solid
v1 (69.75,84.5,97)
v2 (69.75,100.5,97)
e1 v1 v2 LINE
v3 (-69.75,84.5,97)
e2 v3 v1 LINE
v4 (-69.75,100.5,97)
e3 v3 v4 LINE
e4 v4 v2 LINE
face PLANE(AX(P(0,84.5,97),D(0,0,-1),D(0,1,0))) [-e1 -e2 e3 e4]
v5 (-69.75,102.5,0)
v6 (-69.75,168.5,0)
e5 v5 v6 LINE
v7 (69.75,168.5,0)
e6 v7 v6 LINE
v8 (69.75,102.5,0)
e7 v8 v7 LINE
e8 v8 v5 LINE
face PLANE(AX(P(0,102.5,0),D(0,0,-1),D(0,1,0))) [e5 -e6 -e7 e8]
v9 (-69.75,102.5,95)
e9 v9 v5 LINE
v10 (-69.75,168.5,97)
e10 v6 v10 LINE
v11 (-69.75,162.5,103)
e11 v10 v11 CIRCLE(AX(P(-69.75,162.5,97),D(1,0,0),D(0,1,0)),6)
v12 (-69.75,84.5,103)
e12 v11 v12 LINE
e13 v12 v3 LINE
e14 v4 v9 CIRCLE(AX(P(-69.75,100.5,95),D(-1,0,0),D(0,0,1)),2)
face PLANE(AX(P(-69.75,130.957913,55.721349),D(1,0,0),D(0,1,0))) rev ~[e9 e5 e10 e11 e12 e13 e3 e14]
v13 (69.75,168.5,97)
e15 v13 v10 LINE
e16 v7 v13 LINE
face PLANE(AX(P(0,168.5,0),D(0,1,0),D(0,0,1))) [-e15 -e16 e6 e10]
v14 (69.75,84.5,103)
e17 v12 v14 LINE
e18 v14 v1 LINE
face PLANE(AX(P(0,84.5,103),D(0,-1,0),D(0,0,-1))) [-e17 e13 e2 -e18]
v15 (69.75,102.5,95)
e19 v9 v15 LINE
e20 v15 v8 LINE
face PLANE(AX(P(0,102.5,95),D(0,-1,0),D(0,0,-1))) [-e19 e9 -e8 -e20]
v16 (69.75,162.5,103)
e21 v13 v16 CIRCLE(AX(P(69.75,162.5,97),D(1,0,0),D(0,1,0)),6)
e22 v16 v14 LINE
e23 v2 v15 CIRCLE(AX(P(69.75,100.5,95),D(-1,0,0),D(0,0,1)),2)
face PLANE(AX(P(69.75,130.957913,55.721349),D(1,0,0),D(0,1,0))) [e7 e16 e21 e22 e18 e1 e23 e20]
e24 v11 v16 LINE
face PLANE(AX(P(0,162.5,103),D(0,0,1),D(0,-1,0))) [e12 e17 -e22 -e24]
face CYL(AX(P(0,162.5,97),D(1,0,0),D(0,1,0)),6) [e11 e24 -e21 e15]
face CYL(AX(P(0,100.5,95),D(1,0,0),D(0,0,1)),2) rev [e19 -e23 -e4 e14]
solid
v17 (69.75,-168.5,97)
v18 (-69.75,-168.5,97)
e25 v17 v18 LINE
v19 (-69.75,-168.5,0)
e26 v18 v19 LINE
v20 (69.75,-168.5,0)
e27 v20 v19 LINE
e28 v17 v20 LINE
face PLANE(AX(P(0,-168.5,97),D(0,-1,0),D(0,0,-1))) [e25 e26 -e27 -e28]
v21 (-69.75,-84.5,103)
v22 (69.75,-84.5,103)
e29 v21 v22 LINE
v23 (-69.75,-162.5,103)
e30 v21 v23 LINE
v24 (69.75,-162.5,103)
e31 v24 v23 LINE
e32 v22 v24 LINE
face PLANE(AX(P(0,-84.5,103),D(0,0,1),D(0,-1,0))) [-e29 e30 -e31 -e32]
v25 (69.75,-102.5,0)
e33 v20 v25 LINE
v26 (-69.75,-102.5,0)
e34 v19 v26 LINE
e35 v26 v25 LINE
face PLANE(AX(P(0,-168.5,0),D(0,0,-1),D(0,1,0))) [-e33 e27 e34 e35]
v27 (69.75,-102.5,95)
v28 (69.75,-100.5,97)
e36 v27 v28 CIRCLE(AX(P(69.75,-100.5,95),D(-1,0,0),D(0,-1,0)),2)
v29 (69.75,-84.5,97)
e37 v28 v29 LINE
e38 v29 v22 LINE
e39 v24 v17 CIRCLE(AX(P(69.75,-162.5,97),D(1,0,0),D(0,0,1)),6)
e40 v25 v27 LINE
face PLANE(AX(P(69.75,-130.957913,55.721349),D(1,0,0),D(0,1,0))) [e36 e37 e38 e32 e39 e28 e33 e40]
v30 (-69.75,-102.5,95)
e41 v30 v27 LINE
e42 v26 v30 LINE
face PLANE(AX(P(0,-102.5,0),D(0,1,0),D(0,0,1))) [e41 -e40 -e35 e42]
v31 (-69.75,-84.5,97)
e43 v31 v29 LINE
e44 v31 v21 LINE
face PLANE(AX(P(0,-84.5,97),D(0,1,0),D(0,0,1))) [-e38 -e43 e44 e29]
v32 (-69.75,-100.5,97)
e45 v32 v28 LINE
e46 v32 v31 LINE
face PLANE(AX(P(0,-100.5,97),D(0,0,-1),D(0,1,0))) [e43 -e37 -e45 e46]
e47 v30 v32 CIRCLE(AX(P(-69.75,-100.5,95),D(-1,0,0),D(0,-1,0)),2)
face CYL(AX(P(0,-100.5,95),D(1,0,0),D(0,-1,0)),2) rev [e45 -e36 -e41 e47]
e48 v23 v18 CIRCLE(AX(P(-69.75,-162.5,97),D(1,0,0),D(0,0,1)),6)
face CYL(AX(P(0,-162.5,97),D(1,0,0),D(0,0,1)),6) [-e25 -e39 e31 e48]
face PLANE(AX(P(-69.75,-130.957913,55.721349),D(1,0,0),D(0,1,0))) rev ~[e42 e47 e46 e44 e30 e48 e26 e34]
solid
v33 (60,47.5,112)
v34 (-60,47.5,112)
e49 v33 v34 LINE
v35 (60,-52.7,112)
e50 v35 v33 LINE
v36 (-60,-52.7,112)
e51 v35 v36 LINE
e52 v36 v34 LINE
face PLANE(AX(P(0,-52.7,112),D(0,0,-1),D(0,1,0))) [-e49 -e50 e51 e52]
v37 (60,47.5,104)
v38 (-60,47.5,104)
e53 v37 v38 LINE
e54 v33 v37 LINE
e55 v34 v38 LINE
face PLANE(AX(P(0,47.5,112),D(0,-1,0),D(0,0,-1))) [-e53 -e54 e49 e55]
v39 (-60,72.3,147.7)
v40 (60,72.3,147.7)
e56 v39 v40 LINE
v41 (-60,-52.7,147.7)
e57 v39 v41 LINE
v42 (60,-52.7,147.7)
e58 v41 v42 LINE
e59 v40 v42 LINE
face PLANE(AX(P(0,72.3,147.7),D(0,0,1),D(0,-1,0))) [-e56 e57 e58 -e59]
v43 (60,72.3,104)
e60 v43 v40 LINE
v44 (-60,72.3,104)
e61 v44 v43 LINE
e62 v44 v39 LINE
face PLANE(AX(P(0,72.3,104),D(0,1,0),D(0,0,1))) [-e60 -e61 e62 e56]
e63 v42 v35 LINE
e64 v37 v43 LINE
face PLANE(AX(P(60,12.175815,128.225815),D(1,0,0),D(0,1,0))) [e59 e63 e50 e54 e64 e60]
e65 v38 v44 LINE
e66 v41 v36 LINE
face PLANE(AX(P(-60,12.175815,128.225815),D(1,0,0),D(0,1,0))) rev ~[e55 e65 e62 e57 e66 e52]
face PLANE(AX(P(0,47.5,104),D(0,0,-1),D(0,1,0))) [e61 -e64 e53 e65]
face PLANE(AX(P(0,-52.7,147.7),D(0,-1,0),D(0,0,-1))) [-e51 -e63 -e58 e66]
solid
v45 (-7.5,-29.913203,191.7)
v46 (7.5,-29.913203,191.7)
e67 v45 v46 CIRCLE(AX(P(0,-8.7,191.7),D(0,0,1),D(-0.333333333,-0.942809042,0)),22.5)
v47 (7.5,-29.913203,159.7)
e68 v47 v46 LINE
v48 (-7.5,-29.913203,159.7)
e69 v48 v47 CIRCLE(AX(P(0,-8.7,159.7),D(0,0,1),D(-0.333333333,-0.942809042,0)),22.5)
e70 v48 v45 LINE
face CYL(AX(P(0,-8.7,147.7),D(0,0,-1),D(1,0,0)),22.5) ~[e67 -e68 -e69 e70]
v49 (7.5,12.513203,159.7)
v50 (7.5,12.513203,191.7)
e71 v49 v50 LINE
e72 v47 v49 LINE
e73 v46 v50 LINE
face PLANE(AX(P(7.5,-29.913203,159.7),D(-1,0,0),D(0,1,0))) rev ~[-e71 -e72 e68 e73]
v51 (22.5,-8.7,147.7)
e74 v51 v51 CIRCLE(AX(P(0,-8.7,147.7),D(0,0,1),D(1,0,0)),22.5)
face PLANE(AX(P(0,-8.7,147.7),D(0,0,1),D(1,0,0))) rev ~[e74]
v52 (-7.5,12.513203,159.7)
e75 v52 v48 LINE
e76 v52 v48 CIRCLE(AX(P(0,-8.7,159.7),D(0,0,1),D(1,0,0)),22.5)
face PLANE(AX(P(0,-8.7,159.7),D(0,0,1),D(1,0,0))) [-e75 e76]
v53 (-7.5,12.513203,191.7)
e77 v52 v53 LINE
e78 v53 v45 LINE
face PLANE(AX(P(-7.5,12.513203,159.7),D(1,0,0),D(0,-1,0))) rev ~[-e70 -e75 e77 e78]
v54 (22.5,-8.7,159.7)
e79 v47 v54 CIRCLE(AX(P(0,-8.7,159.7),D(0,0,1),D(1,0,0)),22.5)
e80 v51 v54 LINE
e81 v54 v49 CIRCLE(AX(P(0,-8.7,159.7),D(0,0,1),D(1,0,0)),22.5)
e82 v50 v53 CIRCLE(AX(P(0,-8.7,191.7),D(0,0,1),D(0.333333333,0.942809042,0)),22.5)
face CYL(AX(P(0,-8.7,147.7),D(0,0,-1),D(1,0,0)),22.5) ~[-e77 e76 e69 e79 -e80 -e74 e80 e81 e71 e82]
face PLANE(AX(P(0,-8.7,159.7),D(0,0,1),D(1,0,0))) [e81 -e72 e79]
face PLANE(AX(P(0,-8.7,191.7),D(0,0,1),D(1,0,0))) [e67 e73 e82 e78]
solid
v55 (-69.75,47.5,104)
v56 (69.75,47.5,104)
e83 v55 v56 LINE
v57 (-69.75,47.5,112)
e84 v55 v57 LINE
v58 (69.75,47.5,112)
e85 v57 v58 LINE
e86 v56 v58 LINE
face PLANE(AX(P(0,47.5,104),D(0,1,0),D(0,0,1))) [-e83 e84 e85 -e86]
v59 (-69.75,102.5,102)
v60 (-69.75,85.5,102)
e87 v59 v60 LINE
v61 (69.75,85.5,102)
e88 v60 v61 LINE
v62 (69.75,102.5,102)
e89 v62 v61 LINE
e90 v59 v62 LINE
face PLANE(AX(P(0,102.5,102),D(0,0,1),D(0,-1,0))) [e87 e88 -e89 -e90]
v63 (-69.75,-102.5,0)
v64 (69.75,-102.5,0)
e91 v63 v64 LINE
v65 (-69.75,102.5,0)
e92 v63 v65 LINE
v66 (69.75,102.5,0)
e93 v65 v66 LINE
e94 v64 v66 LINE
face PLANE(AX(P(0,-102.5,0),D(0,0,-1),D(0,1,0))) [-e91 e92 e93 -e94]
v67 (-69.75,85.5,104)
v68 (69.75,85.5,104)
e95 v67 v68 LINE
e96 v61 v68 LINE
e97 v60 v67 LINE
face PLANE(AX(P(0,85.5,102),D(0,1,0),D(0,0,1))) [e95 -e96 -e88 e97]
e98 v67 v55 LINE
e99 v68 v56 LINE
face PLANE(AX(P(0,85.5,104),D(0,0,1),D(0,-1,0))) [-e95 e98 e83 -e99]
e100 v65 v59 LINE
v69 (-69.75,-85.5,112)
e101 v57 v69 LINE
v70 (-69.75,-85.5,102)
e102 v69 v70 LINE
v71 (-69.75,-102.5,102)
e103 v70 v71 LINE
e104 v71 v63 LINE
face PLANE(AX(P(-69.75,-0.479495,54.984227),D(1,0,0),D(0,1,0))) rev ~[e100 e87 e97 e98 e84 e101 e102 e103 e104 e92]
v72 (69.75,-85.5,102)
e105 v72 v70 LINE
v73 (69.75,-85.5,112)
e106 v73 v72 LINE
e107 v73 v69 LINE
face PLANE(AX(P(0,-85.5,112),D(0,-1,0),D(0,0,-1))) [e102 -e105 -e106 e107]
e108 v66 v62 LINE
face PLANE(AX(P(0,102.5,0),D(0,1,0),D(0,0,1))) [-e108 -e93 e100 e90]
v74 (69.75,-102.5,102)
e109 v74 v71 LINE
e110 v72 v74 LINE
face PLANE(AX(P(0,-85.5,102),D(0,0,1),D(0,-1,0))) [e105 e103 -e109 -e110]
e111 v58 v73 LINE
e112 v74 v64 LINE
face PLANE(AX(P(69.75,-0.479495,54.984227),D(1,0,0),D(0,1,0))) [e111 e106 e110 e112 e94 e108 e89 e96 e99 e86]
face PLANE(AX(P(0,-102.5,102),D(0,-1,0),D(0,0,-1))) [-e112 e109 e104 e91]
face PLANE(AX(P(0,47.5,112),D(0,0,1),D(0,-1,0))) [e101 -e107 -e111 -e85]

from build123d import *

# Parameters (mm, degrees)
F1_DEPTH  = 69.75
F3_DEPTH  = 60
F4_R      = 22.5
F5_DEPTH  = 12
F7_DEPTH  = 32
F10_DEPTH = 69.75


with BuildPart() as f1:
    # F0 (on Right) → F1 (new body, symmetric)
    with BuildSketch(Plane.YZ):
        Polygon((-102.5, 102), (-102.5, 0), (102.5, 0), (102.5, 102), (85.5, 102), (85.5, 104), (47.5, 104), (47.5, 112), (-85.5, 112), (-85.5, 102), align=None)
    extrude(amount=F1_DEPTH, both=True)


with BuildPart() as f3:
    # F2 (on Right) → F3 (new body, symmetric)
    with BuildSketch(Plane.YZ):
        Polygon((47.5, 104), (72.3, 104), (72.3, 147.7), (-52.7, 147.7), (-52.7, 112), (47.5, 112), align=None)
    extrude(amount=F3_DEPTH, both=True)


with BuildPart() as f5:
    # F4 (on face) → F5 (new body)
    with BuildSketch(Plane.XY.offset(147.7)):
        with Locations((0, -8.7)):
            Circle(F4_R)
    extrude(amount=F5_DEPTH)

    # F6 (on face) → F7 (join)
    with BuildSketch(Plane.XY.offset(159.7)):
        with BuildLine():
            Line((7.5, -29.9132034356), (7.5, 12.5132034356))
            ThreePointArc((7.5, 12.5132034356), (0, 13.8), (-7.5, 12.5132034356))
            Line((-7.5, 12.5132034356), (-7.5, -29.9132034356))
            ThreePointArc((-7.5, -29.9132034356), (0, -31.2), (7.5, -29.9132034356))
        make_face()
    extrude(amount=F7_DEPTH)


with BuildPart() as f10:
    # F9 (on Right) → F10 (new body, symmetric)
    with BuildSketch(Plane.YZ):
        with BuildLine():
            Line((-168.5, 0), (-102.5, 0))
            Line((-102.5, 0), (-102.5, 95))
            ThreePointArc((-102.5, 95), (-101.9142135624, 96.4142135624), (-100.5, 97))
            Line((-100.5, 97), (-84.5, 97))
            Line((-84.5, 97), (-84.5, 103))
            Line((-84.5, 103), (-162.5, 103))
            ThreePointArc((-162.5, 103), (-166.7426406871, 101.2426406871), (-168.5, 97))
            Line((-168.5, 97), (-168.5, 0))
        make_face()
    extrude(amount=F10_DEPTH, both=True)


with BuildPart() as f10b:
    # F9 (on Right) → F10, piece 2 (new body, symmetric)
    with BuildSketch(Plane.YZ):
        with BuildLine():
            ThreePointArc((168.5, 97), (166.7426406871, 101.2426406871), (162.5, 103))
            Line((162.5, 103), (84.5, 103))
            Line((84.5, 103), (84.5, 97))
            Line((84.5, 97), (100.5, 97))
            ThreePointArc((100.5, 97), (101.9142135624, 96.4142135624), (102.5, 95))
            Line((102.5, 95), (102.5, 0))
            Line((102.5, 0), (168.5, 0))
            Line((168.5, 0), (168.5, 97))
        make_face()
    extrude(amount=F10_DEPTH, both=True)


solid = Compound([f1.part, f3.part, f5.part, f10.part, f10b.part])
